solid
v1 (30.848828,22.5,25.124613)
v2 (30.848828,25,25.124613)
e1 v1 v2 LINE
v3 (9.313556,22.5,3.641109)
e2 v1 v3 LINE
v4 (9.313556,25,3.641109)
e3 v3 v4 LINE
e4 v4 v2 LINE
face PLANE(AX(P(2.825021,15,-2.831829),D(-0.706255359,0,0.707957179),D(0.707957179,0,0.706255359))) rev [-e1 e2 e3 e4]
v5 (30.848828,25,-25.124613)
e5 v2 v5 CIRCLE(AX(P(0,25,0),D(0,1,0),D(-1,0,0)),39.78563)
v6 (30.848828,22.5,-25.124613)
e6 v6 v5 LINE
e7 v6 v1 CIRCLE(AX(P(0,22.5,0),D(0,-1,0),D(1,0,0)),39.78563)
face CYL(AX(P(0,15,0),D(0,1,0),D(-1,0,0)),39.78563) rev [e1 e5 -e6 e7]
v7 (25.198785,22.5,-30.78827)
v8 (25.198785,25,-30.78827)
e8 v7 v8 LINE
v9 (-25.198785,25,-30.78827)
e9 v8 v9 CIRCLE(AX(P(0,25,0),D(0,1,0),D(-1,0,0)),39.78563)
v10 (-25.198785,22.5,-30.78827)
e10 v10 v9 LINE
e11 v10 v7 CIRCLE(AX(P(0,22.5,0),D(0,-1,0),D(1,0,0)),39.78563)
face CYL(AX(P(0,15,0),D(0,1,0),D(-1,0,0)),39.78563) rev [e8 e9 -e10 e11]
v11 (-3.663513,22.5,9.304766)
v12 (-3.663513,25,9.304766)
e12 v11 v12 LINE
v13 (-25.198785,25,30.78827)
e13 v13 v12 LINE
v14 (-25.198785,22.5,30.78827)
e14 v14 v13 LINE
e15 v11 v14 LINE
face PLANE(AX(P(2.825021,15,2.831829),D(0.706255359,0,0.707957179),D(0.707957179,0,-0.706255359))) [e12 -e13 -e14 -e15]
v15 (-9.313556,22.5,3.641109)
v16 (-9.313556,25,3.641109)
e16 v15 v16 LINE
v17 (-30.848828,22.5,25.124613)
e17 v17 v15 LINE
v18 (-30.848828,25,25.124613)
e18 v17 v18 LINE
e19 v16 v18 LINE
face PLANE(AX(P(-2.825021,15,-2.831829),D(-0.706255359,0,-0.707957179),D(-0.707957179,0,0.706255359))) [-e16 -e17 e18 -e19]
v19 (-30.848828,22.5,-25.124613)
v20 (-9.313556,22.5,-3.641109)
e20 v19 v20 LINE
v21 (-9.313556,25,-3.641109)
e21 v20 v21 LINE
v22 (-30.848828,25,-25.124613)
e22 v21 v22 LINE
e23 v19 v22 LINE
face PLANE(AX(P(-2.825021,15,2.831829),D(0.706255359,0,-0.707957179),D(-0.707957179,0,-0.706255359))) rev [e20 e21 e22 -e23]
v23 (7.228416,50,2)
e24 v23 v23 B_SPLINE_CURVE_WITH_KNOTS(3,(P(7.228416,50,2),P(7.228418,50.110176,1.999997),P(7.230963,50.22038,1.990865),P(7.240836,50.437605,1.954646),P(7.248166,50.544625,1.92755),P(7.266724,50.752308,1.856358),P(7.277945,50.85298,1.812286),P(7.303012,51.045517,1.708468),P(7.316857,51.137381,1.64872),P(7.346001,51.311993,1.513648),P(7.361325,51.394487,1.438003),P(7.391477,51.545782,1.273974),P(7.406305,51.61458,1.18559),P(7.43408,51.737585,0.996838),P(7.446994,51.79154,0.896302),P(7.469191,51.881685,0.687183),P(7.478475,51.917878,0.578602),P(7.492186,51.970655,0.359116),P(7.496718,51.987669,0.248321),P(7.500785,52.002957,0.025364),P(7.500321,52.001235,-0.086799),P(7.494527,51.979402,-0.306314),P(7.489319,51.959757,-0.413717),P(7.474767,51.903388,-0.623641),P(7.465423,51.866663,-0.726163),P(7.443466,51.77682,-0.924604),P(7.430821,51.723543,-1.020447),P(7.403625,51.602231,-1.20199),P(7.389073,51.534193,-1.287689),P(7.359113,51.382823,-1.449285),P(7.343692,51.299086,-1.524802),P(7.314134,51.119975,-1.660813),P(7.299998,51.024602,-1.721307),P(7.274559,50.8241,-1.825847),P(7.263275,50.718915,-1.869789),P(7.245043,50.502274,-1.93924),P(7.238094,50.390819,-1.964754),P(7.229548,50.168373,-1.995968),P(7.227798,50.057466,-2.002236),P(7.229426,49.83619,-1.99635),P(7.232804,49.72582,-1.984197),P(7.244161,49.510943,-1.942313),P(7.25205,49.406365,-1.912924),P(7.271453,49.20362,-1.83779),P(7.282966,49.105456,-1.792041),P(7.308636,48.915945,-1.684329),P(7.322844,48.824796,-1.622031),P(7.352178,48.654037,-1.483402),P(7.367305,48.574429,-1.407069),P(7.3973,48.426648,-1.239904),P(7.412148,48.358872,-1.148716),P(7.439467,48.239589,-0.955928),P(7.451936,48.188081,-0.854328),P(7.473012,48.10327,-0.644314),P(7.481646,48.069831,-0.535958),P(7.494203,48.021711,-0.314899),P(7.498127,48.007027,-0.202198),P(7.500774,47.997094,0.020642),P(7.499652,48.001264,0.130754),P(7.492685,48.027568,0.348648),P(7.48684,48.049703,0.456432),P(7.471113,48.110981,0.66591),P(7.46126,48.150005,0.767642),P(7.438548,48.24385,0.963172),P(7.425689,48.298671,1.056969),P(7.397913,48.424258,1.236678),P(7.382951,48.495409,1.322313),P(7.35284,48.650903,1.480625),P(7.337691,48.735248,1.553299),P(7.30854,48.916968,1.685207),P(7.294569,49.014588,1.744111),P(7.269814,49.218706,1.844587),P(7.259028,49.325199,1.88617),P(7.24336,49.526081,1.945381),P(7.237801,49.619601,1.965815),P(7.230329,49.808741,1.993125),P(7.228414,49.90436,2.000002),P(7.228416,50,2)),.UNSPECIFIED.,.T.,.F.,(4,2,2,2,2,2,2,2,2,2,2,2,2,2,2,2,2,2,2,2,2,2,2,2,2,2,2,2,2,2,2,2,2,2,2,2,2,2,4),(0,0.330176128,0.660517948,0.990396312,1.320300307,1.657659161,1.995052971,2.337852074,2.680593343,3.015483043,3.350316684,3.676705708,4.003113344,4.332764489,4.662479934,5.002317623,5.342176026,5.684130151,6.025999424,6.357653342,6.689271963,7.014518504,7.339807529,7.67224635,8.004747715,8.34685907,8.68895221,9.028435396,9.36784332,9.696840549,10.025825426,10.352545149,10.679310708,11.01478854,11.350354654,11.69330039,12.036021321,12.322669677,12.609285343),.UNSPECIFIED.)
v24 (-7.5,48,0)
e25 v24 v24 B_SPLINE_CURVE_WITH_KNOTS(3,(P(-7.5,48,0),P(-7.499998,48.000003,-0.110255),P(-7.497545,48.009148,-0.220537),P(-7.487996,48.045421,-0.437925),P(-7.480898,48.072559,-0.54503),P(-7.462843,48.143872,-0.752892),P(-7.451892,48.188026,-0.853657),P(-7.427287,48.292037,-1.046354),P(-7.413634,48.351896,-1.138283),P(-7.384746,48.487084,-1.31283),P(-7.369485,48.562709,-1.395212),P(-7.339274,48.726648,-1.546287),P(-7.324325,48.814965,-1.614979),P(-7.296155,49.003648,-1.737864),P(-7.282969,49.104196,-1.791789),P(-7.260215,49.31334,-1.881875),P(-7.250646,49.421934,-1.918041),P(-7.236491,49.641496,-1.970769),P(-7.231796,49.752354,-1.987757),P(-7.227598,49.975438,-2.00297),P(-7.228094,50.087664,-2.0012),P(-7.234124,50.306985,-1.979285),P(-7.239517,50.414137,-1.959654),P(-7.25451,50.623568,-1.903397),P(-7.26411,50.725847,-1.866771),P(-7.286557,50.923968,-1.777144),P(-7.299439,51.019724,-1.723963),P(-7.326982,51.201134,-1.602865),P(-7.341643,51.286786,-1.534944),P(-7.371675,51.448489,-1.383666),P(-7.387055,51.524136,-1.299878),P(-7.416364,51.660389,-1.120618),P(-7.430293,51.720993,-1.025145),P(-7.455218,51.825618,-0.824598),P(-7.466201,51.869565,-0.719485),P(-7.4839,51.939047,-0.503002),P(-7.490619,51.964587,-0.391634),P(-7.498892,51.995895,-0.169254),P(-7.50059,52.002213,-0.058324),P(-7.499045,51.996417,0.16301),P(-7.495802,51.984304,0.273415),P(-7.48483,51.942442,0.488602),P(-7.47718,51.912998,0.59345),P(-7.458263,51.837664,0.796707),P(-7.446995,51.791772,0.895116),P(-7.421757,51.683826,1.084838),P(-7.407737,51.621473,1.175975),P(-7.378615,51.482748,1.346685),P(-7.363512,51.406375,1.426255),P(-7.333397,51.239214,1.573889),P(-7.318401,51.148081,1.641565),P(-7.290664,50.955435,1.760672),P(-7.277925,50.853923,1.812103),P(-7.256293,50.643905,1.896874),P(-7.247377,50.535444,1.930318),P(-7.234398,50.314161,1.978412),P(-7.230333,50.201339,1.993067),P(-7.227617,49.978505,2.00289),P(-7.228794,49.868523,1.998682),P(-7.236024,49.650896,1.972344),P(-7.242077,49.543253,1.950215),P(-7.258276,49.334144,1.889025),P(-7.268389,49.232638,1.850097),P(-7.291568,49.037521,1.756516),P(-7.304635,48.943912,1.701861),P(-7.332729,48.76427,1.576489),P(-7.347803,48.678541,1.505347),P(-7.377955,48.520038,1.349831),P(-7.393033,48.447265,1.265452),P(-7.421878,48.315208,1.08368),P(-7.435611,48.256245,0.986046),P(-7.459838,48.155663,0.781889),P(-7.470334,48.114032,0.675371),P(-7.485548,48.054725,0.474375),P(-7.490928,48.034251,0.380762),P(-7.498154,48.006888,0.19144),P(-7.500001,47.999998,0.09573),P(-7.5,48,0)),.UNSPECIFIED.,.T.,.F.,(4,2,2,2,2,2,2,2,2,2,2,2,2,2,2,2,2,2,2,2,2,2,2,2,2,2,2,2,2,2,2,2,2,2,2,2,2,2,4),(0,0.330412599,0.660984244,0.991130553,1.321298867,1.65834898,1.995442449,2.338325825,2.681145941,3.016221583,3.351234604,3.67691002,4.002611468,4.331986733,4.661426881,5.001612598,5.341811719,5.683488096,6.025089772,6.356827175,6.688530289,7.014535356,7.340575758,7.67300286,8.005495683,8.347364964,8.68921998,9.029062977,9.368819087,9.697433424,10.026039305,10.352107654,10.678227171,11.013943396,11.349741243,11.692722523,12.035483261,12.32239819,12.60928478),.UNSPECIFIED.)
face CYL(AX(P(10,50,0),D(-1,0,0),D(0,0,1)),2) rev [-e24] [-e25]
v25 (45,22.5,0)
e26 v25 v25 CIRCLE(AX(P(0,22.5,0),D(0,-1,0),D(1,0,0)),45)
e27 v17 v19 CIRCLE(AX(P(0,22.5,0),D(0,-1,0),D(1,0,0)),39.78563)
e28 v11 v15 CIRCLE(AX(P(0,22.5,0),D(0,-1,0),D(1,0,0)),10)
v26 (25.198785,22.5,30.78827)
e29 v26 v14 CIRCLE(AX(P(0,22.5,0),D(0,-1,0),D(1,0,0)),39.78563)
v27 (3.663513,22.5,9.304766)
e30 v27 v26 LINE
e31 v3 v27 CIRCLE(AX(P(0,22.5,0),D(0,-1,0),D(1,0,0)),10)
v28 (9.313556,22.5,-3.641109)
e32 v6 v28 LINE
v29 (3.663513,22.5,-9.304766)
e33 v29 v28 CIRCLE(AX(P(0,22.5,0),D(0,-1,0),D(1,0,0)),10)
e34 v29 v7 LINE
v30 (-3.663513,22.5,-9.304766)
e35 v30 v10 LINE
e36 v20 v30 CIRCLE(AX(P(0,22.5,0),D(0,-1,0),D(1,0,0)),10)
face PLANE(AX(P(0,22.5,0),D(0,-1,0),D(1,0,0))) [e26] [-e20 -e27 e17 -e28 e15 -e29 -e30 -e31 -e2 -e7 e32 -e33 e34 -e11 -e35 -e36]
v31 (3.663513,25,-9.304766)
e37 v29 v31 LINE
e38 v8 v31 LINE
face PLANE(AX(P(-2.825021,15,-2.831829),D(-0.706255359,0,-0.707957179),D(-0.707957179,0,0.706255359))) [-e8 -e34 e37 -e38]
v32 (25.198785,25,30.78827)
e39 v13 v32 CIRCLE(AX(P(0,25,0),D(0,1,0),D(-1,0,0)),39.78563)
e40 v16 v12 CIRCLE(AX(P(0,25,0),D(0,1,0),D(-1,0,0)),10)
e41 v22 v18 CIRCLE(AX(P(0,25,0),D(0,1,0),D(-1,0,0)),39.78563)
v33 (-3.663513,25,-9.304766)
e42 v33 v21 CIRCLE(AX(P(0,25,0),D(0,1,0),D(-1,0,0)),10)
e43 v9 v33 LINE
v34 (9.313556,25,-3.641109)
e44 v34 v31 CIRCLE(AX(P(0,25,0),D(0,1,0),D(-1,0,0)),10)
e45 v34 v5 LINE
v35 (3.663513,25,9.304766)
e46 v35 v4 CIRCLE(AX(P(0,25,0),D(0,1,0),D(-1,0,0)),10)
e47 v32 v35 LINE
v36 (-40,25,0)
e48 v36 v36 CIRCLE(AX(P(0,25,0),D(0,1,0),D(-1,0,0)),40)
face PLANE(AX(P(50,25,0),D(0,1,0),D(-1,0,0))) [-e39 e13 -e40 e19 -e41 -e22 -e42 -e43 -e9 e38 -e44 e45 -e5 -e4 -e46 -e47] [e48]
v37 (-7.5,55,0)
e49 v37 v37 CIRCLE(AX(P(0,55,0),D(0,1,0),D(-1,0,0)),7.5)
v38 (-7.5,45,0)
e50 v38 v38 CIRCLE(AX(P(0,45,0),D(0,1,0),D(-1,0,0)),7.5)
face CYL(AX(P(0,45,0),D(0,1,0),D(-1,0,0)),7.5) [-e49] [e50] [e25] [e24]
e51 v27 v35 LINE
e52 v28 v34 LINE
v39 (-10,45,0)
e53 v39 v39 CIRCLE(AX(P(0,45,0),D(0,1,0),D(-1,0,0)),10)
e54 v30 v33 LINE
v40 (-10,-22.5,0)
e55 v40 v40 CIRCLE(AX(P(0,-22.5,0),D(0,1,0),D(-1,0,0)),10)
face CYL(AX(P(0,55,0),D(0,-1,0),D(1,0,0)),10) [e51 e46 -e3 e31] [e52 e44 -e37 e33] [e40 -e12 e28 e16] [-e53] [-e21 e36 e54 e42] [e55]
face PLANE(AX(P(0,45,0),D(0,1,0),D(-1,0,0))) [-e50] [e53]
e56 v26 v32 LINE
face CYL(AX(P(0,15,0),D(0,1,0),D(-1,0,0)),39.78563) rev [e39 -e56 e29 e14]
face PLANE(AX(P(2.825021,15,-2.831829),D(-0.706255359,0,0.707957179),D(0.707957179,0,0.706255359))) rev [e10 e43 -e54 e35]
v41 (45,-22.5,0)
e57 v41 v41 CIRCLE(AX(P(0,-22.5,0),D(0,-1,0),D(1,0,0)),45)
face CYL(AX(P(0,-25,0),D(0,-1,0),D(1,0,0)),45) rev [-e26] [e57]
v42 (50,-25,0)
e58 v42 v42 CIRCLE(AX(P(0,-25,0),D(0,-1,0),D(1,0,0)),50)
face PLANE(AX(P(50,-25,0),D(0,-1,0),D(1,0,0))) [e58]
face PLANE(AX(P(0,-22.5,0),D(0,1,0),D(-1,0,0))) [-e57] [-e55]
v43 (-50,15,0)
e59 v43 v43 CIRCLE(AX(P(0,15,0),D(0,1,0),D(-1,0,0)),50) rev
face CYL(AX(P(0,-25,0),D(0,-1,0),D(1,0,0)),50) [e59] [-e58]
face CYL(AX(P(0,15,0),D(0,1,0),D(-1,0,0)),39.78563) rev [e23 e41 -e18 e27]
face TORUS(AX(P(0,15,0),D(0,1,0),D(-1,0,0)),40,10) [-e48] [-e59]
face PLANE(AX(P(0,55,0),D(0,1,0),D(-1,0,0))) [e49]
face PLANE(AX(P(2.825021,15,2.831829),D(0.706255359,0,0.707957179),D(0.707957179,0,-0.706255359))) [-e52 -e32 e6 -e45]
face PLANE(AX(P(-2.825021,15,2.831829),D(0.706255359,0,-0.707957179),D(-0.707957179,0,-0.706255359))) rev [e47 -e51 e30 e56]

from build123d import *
from build123d.topology import SkipClean

# Parameters (mm, degrees)
SKETCH2_R               = 10
BOSS_EXTRUDE1_DEPTH     = 30
CUT_EXTRUDE1_START      = -10
SKETCH3_R               = 10
SKETCH3_R_2             = 7.5
CUT_EXTRUDE1_DEPTH      = 10
CUT_EXTRUDE3_DEPTH      = 10
CUT_EXTRUDE3_DEPTH_BACK = 10
SKETCH5_R               = 2
CUT_EXTRUDE4_START      = -10
CUT_EXTRUDE4_DEPTH      = 10
FILLET2_R               = 10
BOSS_EXTRUDE2_START     = -67.5
SKETCH7_R               = 10
BOSS_EXTRUDE2_DEPTH     = 67.5


with BuildPart() as part:
    # Sketch1 → Revolve1 (revolve)
    with BuildSketch(Plane.XY):
        Polygon((50, 25), (0, 25), (0, 22.5), (45, 22.5), (45, -22.5), (0, -22.5), (0, -25), (50, -25), align=None)
    revolve(axis=Axis((0, -25, 0), (0, 1, 0)))

    # Sketch2 → Boss-Extrude1 (add)
    with BuildSketch(Plane(origin=(0, 25, 0), x_dir=(1, 0, 0), z_dir=(0, 1, 0))):
        with Locations(Location((0, 0, 0), (0, 0, 180))):
            Circle(SKETCH2_R)
    extrude(amount=BOSS_EXTRUDE1_DEPTH)

    # Sketch3 → Cut-Extrude1 (cut)
    with BuildSketch(Plane(origin=(0, 55, 0), x_dir=(1, 0, 0), z_dir=(0, 1, 0)).offset(CUT_EXTRUDE1_START)):
        with Locations(Location((0, 0, 0), (0, 0, 180))):
            Circle(SKETCH3_R)
        with Locations(Location((0, 0, 0), (0, 0, 180))):
            Circle(SKETCH3_R_2, mode=Mode.SUBTRACT)
    extrude(amount=CUT_EXTRUDE1_DEPTH, mode=Mode.SUBTRACT)

    # Sketch5 → Cut-Extrude3 (cut, two sides: drawn at the far end of the back side and taken through both)
    with BuildSketch(Plane(origin=(0, 0, 0), x_dir=(0, 0, -1), z_dir=(1, 0, 0)).offset(-CUT_EXTRUDE3_DEPTH_BACK)):
        with Locations(Location((0, 50, 0), (0, 0, 180))):
            Circle(SKETCH5_R)
    extrude(amount=CUT_EXTRUDE3_DEPTH + CUT_EXTRUDE3_DEPTH_BACK, mode=Mode.SUBTRACT)

    # Sketch6 → Cut-Extrude4 (cut)
    with SkipClean():  # the faces are left unmerged after this step: merging them gives an invalid solid
        with BuildSketch(Plane(origin=(0, 25, 0), x_dir=(1, 0, 0), z_dir=(0, 1, 0)).offset(CUT_EXTRUDE4_START)):
            with BuildLine():
                ThreePointArc((18.327704801, 35.312767957), (0, 39.785629869), (-18.327704801, 35.312767957))
                Line((-18.327704801, 35.312767957), (18.327704801, 35.312767957))
            make_face()
            with BuildLine():
                Line((-25.198784951, 30.788270186), (-3.663513289, 9.304766004))
                ThreePointArc((-3.663513289, 9.304766004), (0, 10), (3.663513289, 9.304766004))
                Line((3.663513289, 9.304766004), (25.198784951, 30.788270186))
                ThreePointArc((25.198784951, 30.788270186), (21.880507251, 33.228598323), (18.327704801, 35.312767957))
                Line((18.327704801, 35.312767957), (-18.327704801, 35.312767957))
                ThreePointArc((-18.327704801, 35.312767957), (-21.880507251, 33.228598323), (-25.198784951, 30.788270186))
            make_face()
            with BuildLine():
                Line((30.848827824, 25.124612751), (9.313556162, 3.641108569))
                ThreePointArc((9.313556162, 3.641108569), (9.826890699, 1.852624946), (10, 0))
                ThreePointArc((10, 0), (9.826890699, -1.852624946), (9.313556162, -3.641108569))
                Line((9.313556162, -3.641108569), (30.848827824, -25.124612751))
                ThreePointArc((30.848827824, -25.124612751), (33.305743158, -21.762900008), (35.397858964, -18.162817094))
                Line((35.397858964, -18.162817094), (35.397858964, 18.162817094))
                ThreePointArc((35.397858964, 18.162817094), (33.305743158, 21.762900008), (30.848827824, 25.124612751))
            make_face()
            with BuildLine():
                ThreePointArc((39.785629869, 0), (38.673133173, 9.342650297), (35.397858964, 18.162817094))
                Line((35.397858964, 18.162817094), (35.397858964, -18.162817094))
                ThreePointArc((35.397858964, -18.162817094), (38.673133173, -9.342650297), (39.785629869, 0))
            make_face()
            with BuildLine():
                ThreePointArc((3.663513289, -9.304766004), (0, -10), (-3.663513289, -9.304766004))
                Line((-3.663513289, -9.304766004), (-25.198784951, -30.788270186))
                ThreePointArc((-25.198784951, -30.788270186), (-21.880507251, -33.228598323), (-18.327704801, -35.312767957))
                Line((-18.327704801, -35.312767957), (18.327704801, -35.312767957))
                ThreePointArc((18.327704801, -35.312767957), (21.880507251, -33.228598323), (25.198784951, -30.788270186))
                Line((25.198784951, -30.788270186), (3.663513289, -9.304766004))
            make_face()
            with BuildLine():
                Line((18.327704801, -35.312767957), (-18.327704801, -35.312767957))
                ThreePointArc((-18.327704801, -35.312767957), (0, -39.785629869), (18.327704801, -35.312767957))
            make_face()
            with BuildLine():
                ThreePointArc((-9.313556162, -3.641108569), (-10, 0), (-9.313556162, 3.641108569))
                Line((-9.313556162, 3.641108569), (-30.848827824, 25.124612751))
                ThreePointArc((-30.848827824, 25.124612751), (-33.305743158, 21.762900008), (-35.397858964, 18.162817094))
                Line((-35.397858964, 18.162817094), (-35.397858964, -18.162817094))
                ThreePointArc((-35.397858964, -18.162817094), (-33.305743158, -21.762900008), (-30.848827824, -25.124612751))
                Line((-30.848827824, -25.124612751), (-9.313556162, -3.641108569))
            make_face()
            with BuildLine():
                Line((-35.397858964, -18.162817094), (-35.397858964, 18.162817094))
                ThreePointArc((-35.397858964, 18.162817094), (-39.785629869, 0), (-35.397858964, -18.162817094))
            make_face()
        extrude(amount=CUT_EXTRUDE4_DEPTH, mode=Mode.SUBTRACT)

    # Fillet2
    fillet2_edges = [part.edges().sort_by_distance(p)[0] for p in [
        (-50, 25, 0),
    ]]
    fillet(fillet2_edges, radius=FILLET2_R)

    # Sketch7 → Boss-Extrude2 (add)
    with SkipClean():  # the faces are left unmerged after this step: merging them gives an invalid solid
        with BuildSketch(Plane(origin=(0, 45, 0), x_dir=(1, 0, 0), z_dir=(0, 1, 0)).offset(BOSS_EXTRUDE2_START)):
            with Locations(Location((0, 0, 0), (0, 0, 180))):
                Circle(SKETCH7_R)
        extrude(amount=BOSS_EXTRUDE2_DEPTH)


solid = part.part
